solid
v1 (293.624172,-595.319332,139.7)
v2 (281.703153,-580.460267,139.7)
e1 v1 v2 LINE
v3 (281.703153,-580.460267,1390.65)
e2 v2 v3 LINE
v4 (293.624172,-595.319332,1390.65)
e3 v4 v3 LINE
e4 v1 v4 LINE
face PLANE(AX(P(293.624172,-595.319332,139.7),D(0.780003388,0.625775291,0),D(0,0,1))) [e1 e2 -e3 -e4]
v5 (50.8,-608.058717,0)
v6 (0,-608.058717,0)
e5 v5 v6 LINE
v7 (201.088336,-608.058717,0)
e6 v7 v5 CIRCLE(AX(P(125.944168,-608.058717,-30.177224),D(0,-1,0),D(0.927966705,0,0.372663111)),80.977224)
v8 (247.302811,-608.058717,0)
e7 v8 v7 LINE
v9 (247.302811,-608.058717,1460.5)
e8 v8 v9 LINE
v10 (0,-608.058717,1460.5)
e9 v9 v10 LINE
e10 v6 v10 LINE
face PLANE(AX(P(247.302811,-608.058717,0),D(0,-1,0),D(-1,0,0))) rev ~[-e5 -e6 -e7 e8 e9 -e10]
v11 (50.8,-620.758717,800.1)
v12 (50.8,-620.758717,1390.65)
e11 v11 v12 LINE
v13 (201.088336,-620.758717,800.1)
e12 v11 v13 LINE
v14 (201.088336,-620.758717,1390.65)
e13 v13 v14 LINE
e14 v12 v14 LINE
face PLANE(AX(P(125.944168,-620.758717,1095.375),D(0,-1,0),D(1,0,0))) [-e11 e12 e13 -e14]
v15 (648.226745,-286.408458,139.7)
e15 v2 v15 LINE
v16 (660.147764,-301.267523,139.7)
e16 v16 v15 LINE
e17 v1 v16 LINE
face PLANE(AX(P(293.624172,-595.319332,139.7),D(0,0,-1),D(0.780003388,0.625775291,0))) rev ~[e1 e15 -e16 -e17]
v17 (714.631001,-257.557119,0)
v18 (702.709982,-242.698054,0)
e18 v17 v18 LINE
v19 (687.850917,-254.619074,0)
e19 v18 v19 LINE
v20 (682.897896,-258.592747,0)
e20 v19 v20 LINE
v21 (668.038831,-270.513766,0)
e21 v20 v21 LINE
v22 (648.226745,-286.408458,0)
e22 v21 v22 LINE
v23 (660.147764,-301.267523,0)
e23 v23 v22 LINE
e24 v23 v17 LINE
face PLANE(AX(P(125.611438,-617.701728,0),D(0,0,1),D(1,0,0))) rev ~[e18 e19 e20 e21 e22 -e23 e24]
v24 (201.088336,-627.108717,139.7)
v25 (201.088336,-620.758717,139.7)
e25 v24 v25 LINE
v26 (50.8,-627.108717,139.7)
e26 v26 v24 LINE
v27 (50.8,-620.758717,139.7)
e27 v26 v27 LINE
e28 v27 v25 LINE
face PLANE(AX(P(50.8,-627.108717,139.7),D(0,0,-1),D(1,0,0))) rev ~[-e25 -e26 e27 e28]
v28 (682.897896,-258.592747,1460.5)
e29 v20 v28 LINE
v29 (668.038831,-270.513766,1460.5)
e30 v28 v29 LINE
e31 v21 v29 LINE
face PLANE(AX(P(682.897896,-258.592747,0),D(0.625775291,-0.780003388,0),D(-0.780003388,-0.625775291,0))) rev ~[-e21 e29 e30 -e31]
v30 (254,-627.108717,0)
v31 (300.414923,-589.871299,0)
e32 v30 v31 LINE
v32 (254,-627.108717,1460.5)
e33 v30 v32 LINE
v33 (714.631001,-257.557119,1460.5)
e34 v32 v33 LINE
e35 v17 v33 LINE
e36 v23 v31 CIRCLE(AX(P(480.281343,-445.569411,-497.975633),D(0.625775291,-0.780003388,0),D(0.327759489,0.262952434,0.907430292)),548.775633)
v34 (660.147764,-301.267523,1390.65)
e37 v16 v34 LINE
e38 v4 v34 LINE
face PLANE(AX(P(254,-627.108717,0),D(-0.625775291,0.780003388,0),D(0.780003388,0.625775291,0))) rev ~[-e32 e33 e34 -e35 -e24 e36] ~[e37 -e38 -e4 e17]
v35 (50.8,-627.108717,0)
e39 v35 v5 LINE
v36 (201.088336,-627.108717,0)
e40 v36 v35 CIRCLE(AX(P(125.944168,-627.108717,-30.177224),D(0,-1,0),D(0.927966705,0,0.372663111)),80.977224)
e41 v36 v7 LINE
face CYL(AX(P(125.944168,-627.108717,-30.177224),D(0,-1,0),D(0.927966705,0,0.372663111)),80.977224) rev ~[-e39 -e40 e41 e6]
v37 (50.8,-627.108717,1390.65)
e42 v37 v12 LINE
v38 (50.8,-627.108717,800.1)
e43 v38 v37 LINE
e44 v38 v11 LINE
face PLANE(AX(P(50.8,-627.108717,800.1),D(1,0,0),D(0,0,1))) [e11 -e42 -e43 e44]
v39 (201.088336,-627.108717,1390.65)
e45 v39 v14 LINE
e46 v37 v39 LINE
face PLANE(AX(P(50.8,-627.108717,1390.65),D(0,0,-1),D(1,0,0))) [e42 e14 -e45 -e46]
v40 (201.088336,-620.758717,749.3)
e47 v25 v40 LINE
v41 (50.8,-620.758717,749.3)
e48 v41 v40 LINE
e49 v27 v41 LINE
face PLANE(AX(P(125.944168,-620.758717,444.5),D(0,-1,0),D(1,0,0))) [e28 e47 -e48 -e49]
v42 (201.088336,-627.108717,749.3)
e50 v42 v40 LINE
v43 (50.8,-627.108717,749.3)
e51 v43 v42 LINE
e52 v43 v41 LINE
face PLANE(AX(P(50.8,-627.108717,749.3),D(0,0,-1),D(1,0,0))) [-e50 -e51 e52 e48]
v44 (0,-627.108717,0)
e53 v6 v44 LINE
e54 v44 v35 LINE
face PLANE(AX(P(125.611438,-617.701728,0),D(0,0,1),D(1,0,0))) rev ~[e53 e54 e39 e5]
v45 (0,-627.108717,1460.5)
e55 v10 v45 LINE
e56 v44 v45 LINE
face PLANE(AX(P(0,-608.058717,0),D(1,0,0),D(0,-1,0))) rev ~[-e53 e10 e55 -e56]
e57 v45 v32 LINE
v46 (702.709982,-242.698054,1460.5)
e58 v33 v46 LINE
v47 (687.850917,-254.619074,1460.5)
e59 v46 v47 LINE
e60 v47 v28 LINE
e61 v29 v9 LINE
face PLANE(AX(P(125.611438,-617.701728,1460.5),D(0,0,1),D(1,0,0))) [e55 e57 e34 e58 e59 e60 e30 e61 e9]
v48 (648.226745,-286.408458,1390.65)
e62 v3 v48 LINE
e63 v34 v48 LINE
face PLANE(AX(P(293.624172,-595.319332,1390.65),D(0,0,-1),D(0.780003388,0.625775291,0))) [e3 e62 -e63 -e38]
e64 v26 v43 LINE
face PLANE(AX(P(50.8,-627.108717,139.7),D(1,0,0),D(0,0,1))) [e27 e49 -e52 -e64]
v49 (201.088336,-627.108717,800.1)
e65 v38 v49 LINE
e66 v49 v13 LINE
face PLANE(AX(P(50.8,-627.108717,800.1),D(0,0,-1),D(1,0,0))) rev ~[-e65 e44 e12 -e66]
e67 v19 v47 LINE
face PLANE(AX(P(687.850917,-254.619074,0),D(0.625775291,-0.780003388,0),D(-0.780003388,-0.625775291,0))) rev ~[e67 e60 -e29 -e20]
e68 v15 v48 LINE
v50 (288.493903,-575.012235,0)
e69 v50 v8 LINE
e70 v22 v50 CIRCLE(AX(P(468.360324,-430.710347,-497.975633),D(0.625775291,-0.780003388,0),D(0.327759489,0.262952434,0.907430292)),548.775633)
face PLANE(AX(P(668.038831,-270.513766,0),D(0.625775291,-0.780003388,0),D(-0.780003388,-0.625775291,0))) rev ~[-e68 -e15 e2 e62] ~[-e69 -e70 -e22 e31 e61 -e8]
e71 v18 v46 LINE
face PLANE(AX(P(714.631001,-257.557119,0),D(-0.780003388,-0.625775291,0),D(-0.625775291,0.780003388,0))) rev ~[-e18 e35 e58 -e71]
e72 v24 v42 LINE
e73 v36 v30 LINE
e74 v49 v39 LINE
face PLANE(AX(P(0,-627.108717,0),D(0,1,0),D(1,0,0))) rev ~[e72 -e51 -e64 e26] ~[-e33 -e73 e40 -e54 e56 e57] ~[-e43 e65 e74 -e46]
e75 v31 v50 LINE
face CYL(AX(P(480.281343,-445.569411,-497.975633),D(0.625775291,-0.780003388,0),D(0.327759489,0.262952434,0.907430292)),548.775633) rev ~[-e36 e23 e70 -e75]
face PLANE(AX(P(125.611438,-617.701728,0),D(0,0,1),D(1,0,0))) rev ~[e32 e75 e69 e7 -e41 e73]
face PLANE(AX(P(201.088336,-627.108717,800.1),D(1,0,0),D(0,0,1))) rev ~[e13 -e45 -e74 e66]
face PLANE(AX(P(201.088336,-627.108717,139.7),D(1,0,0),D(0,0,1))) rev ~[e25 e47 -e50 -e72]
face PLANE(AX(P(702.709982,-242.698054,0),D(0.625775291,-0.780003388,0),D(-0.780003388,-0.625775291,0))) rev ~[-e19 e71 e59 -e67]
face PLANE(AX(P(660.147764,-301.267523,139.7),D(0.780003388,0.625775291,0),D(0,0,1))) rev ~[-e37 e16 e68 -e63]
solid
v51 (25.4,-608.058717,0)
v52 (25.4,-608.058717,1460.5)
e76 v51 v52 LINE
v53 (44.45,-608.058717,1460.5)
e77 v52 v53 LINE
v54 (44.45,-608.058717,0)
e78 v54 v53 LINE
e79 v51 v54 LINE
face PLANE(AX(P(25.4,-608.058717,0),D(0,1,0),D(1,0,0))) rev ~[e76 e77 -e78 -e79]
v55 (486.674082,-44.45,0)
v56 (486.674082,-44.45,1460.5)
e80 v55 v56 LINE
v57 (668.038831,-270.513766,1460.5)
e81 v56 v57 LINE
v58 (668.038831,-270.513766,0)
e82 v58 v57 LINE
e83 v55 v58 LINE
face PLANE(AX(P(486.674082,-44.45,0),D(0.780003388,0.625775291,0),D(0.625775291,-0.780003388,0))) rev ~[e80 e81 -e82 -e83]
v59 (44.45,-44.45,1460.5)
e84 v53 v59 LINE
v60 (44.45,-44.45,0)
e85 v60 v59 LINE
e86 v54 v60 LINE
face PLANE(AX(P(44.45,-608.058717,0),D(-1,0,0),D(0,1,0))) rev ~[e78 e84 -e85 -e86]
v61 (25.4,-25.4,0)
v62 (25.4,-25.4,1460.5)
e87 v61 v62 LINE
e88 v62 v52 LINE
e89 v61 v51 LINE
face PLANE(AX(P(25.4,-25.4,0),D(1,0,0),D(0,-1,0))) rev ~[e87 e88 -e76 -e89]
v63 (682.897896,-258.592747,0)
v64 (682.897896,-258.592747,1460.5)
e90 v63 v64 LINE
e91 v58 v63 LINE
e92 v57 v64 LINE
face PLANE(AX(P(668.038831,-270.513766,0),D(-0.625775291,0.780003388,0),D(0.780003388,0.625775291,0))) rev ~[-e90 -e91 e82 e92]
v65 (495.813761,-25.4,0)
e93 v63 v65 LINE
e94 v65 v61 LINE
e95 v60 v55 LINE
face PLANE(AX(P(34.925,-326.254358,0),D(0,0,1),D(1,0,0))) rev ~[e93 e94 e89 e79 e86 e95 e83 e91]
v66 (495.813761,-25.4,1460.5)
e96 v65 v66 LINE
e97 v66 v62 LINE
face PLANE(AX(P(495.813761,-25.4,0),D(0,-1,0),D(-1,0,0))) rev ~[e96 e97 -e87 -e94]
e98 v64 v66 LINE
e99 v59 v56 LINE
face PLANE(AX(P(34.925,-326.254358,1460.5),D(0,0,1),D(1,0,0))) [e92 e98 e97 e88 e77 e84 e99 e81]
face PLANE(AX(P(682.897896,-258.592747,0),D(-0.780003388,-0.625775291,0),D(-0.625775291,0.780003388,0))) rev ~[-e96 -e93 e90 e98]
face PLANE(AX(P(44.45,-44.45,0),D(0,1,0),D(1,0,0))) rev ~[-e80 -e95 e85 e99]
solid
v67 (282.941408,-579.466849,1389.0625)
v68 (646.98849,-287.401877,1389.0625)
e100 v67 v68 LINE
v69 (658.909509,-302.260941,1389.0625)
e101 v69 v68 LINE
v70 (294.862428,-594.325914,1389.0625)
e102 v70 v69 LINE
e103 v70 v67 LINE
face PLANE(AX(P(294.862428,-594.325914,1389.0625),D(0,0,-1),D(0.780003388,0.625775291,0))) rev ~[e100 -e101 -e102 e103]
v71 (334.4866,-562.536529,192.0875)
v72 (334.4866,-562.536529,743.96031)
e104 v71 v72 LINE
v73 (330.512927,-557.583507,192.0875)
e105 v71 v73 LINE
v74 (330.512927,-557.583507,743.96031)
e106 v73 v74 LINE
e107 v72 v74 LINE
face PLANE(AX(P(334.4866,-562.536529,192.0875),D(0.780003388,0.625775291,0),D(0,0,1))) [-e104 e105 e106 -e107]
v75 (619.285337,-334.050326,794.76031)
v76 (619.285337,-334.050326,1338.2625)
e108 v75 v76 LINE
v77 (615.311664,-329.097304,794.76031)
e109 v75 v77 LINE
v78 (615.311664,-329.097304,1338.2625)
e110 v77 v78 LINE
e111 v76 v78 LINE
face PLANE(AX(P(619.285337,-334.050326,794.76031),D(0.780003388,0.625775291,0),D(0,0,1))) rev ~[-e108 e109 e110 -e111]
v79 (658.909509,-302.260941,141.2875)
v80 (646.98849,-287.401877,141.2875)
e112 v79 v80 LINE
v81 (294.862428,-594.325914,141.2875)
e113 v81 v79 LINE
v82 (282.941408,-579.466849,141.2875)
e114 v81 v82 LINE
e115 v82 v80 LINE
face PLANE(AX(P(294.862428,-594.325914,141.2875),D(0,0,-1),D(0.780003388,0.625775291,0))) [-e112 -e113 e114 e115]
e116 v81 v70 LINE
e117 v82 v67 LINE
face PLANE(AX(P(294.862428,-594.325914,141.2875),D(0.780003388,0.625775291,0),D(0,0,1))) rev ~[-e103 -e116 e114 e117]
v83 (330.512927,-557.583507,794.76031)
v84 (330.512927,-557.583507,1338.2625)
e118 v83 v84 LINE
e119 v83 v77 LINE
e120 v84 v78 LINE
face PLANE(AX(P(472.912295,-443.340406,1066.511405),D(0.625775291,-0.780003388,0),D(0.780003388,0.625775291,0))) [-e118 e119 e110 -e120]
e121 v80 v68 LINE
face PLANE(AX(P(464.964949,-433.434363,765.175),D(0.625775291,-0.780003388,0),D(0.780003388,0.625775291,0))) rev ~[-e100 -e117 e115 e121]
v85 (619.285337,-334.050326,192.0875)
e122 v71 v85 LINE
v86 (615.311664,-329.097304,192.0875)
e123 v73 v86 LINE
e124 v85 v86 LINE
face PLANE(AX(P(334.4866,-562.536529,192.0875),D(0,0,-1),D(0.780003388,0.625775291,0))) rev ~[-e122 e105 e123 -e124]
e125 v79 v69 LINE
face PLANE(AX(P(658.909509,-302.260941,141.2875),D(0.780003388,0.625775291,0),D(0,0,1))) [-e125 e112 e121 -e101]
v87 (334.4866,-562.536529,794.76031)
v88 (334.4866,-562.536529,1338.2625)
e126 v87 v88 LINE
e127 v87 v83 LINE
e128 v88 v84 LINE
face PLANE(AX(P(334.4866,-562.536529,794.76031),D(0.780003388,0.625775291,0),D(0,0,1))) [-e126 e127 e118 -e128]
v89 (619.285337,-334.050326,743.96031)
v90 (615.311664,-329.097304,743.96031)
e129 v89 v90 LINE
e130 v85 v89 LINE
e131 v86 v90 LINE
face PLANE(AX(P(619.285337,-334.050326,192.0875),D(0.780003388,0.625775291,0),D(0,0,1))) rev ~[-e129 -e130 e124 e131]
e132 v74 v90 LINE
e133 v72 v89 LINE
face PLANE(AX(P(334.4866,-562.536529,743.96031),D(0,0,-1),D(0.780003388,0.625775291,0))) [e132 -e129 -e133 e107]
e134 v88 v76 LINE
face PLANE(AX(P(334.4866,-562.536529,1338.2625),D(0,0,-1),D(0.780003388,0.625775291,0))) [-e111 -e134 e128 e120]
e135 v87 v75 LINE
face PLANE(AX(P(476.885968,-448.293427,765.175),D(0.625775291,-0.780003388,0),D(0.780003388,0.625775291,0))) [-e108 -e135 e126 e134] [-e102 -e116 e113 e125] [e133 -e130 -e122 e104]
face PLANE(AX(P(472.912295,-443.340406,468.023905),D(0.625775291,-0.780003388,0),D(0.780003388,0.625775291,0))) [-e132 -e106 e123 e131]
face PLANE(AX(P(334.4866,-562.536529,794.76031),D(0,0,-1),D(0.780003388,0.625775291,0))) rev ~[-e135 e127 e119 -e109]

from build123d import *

# Parameters (mm, degrees)
F0_W      = 19.05
F0_H      = 563.6087166513
F1_DEPTH  = 1460.5
F2_DEPTH  = 1460.5
F3_W      = 150.2883361875
F3_H      = 590.55
F3_H_2    = 609.6
F4_DEPTH  = 6.35
F5_DEPTH  = 19.05
F6_W      = 469.9
F6_H      = 1250.95
F7_DEPTH  = 25.4
F8_W      = 466.725
F8_H      = 1247.775
F8_W_2    = 365.125
F8_H_2    = 50.8
F8_H_3    = 543.5021896
F8_H_4    = 551.8728104
F9_DEPTH  = 19.05
F10_DEPTH = 6.35
F11_DEPTH = 25.4


with BuildPart() as f1:
    # F0 (on Top) → F1 (new body)
    with BuildSketch(Plane.XY):
        with Locations((34.925, -326.2543583256)):
            Rectangle(F0_W, F0_H)
        Polygon((25.4, -44.45), (44.45, -44.45), (486.6740819534, -44.45), (495.8137611162, -25.4), (25.4, -25.4), align=None)
        Polygon((486.6740819534, -44.45), (668.0388310507, -270.5137659268), (682.8978955973, -258.5927466416), (495.8137611162, -25.4), align=None)
    extrude(amount=F1_DEPTH)


with BuildPart() as f2:
    # F0 (on Top) → F2 (new body)
    with BuildSketch(Plane.XY):
        Polygon((0, -608.0587166513), (0, -627.1087166513), (254, -627.1087166513), (247.3028109026, -608.0587166513), (44.45, -608.0587166513), (25.4, -608.0587166513), (19.05, -608.0587166513), align=None)
        Polygon((247.3028109026, -608.0587166513), (254, -627.1087166513), (714.6310009447, -257.5571188078), (702.7099816595, -242.6980542612), (687.8509171129, -254.6190735465), (682.8978955973, -258.5927466416), (668.0388310507, -270.5137659268), align=None)
    extrude(amount=F2_DEPTH)

    # F3 (on face) → F4 (cut)
    with BuildSketch(Plane.XZ.offset(627.1087166513)):
        with Locations((125.9441680937, 1095.375)):
            Rectangle(F3_W, F3_H)
        with Locations((125.9441680937, 444.5)):
            Rectangle(F3_W, F3_H_2)
    extrude(amount=-F4_DEPTH, mode=Mode.SUBTRACT)

    # F3 (on face) → F5 (cut, through all)
    with BuildSketch(Plane.XZ.offset(627.1087166513)):
        with BuildLine():
            ThreePointArc((201.0883361875, 0), (125.9441680937, 50.8), (50.8, 0))
            Line((50.8, 0), (201.0883361875, 0))
        make_face()
    extrude(amount=-F5_DEPTH, mode=Mode.SUBTRACT)

    # F6 (on face) → F7 (cut)
    with BuildSketch(Plane(origin=(405.5611158002, -505.5153970527, 0), x_dir=(0.7800033883, 0.6257752906, 0), z_dir=(0.6257752906, -0.7800033883, 0))):
        with Locations((91.4417212428, 765.175)):
            Rectangle(F6_W, F6_H)
    extrude(amount=-F7_DEPTH, mode=Mode.SUBTRACT)

    # F6 (on face) → F11 (cut)
    with BuildSketch(Plane(origin=(405.5611158002, -505.5153970527, 0), x_dir=(0.7800033883, 0.6257752906, 0), z_dir=(0.6257752906, -0.7800033883, 0))):
        with BuildLine():
            ThreePointArc((326.3917212428, 0), (95.7947475759, 50.8), (-134.802226091, 0))
            Line((-134.802226091, 0), (326.3917212428, 0))
        make_face()
    extrude(amount=-F11_DEPTH, mode=Mode.SUBTRACT)


with BuildPart() as f9:
    # F8 (on face) → F9 (new body)
    with BuildSketch(Plane(origin=(405.5611158002, -505.5153970527, 0), x_dir=(0.7800033883, 0.6257752906, 0), z_dir=(0.6257752906, -0.7800033883, 0))):
        with Locations((91.4417212428, 765.175)):
            Rectangle(F8_W, F8_H)
        Polygon((-91.1207787572, 794.7603104), (-91.1207787572, 1338.2625), (274.0042212428, 1338.2625), (274.0042212428, 794.7603104), (274.0042212428, 743.9603104), (274.0042212428, 192.0875), (-91.1207787572, 192.0875), (-91.1207787572, 743.9603104), align=None, mode=Mode.SUBTRACT)
        with Locations((91.4417212428, 769.3603104)):
            Rectangle(F8_W_2, F8_H_2)
        with Locations((91.4417212428, 1066.5114052)):
            Rectangle(F8_W_2, F8_H_3)
        with Locations((91.4417212428, 468.0239052)):
            Rectangle(F8_W_2, F8_H_4)
    extrude(amount=-F9_DEPTH)

    # F8 (on face) → F10 (cut)
    with BuildSketch(Plane(origin=(405.5611158002, -505.5153970527, 0), x_dir=(0.7800033883, 0.6257752906, 0), z_dir=(0.6257752906, -0.7800033883, 0))):
        with Locations((91.4417212428, 1066.5114052)):
            Rectangle(F8_W_2, F8_H_3)
        with Locations((91.4417212428, 468.0239052)):
            Rectangle(F8_W_2, F8_H_4)
    extrude(amount=-F10_DEPTH, mode=Mode.SUBTRACT)


solid = Compound([f1.part, f2.part, f9.part])
